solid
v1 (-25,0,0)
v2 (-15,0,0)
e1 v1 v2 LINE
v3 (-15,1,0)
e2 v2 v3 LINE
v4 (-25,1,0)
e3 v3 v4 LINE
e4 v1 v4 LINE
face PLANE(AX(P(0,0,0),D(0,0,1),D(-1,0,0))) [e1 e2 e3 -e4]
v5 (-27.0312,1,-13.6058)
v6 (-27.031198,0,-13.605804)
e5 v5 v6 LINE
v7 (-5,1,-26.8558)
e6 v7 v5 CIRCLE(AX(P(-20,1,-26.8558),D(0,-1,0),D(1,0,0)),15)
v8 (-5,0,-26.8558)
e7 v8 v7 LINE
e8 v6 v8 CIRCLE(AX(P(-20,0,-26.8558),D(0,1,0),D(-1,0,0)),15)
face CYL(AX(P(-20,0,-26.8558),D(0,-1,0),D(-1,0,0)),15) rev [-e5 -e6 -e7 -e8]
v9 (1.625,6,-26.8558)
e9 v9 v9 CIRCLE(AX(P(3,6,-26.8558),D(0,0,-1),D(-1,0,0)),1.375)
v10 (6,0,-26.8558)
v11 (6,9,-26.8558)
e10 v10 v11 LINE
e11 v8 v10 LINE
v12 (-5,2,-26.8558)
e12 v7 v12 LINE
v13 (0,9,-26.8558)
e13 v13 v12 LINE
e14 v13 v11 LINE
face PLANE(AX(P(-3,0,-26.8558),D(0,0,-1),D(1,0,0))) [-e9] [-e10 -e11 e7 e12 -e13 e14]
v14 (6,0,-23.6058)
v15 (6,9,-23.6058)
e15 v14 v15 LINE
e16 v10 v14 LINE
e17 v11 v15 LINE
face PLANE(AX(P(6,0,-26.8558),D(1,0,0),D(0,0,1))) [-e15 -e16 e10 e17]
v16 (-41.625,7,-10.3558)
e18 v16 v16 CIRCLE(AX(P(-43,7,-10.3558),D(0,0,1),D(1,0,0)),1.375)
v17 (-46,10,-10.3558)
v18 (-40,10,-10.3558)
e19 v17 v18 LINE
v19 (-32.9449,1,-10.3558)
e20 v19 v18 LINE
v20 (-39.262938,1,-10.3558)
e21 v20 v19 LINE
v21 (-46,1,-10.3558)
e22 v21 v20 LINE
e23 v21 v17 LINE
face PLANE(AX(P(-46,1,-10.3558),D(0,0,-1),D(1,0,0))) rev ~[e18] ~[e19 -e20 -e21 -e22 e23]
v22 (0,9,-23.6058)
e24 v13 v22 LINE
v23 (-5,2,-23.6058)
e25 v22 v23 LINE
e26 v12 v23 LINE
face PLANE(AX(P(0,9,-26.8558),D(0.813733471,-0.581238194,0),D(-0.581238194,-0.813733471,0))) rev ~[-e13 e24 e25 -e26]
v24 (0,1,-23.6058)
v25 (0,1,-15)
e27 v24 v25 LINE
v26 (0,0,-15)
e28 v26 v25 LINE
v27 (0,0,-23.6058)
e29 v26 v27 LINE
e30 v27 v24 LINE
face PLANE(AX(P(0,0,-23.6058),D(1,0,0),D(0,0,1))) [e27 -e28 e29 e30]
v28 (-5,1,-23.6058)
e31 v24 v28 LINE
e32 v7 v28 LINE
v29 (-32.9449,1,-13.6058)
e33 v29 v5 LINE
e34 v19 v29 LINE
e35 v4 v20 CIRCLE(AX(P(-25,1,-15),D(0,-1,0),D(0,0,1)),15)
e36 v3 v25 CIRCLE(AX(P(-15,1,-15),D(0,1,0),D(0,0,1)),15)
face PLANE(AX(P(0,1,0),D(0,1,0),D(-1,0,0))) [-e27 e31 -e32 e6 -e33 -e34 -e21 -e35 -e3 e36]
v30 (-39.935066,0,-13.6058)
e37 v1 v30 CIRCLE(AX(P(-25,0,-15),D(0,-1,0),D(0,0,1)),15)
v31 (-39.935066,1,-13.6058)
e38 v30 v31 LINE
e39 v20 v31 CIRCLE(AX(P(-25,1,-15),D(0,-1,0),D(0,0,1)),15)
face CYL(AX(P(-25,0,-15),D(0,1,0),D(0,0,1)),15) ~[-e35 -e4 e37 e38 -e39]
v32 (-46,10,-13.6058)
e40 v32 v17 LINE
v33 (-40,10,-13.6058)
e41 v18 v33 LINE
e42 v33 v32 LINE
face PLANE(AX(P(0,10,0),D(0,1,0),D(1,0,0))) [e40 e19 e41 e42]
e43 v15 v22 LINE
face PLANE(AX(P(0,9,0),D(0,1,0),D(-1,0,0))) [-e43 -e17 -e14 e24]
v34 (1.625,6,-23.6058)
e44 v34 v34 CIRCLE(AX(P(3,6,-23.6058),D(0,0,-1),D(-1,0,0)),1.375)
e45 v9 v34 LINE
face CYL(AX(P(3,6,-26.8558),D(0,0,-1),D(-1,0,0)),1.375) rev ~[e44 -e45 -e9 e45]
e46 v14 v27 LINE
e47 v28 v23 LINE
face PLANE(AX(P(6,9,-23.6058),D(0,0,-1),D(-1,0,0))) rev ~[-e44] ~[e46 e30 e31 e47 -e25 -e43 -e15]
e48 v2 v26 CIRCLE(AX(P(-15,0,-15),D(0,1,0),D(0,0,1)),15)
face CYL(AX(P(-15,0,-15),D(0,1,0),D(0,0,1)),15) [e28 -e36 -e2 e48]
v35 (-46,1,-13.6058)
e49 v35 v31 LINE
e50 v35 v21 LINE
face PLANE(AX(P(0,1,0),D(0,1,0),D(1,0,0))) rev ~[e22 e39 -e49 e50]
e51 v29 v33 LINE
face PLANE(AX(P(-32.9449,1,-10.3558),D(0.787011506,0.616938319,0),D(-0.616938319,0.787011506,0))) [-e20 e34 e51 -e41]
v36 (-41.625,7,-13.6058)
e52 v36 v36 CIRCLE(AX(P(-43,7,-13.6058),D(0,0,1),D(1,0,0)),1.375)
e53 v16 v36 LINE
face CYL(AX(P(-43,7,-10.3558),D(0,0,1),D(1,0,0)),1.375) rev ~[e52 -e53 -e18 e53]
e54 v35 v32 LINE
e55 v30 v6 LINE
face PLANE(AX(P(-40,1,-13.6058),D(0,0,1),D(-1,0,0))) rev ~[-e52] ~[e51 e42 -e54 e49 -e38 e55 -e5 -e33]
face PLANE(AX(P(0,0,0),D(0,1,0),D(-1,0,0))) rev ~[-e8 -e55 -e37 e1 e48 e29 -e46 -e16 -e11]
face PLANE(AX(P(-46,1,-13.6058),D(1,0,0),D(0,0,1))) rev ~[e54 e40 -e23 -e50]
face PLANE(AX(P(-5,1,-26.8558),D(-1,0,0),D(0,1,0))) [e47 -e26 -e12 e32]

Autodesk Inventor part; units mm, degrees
ref_plane "YZ Plane" through (0, 0, 0) normal (1, 0, 0) x (0, 1, 0)
ref_plane "XZ Plane" through (0, 0, 0) normal (0, 1, 0) x (-1, 0, 0)
ref_plane "XY Plane" through (0, 0, 0) normal (0, 0, 1) x (1, 0, 0)
sketch "スケッチ1" plane through (0, 0, 0) normal (0, 1, 0) x (-1, 0, 0)
  line L0 (0, 0) -> (40, 0)
  line L1 (40, 0) -> (40, -26.8558)
  line L2 (40, -26.8558) -> (0, -26.8558)
  line L3 (0, -26.8558) -> (0, 0)
  circle A0 centre (20, -26.8558) radius 15
  line L4 (20, -26.8558) -> (20, 0)
  line L5 (40, -23.6058) -> (40, -26.8558)
  line L6 (0, -23.6058) -> (0, -26.8558)
  circle A1 centre (20, -26.8558) radius 17
  line L7 (40, -26.8558) -> (46, -26.8558)
  line L8 (46, -26.8558) -> (46, -23.6058)
  line L9 (46, -23.6058) -> (40, -23.6058)
  line L10 (40, -23.6058) -> (40, -26.8558)
  line L11 (0, -23.6058) -> (0, -26.8558)
  line L12 (0, -26.8558) -> (-6, -26.8558)
  line L13 (-6, -26.8558) -> (-6, -23.6058)
  line L14 (-6, -23.6058) -> (0, -23.6058)
  line L15 (0, -23.6058) -> (0, -26.8558)
  point P0 (35, -26.8558)
  point P1 (5, -26.8558)
  dimension "d0" = 40
  dimension "d1" = 30
  dimension "d16" = 34
  dimension "d18" = 6
  dimension "d19" = 3.25
extrude "押し出し1" add sketch "スケッチ1" along normal blind 1 contours L0 L4 A1 L2 L3 | L0 L1 L2 A1 L4 | A1 L2 A0 L4 | L4 A0 L2 A1 | L4 L2 A0 | A0 L2 L4
fillet "フィレット1" radius 15 2 edges at (-40, 0.5, 0) (0, 0.5, 0)
extrude "押し出し4" add sketch "スケッチ1" along normal blind 9 contours L3 L12 L13 L14 | L9 L8 L7 L1
sketch "スケッチ7" plane through (6, 0, -26.8558) normal (0, 0, -1) x (-1, 0, 0)
  circle A0 centre (3, 6) radius 1.375
  line L0 (6, 1) -> (6, 9) projected
  line L1 (0, 9) -> (6, 9) projected
  circle A1 centre (49.4019, 6) radius 1.375
  line L2 (46, 9) -> (52, 9) projected
  line L3 (52, 0) -> (52, 9) projected
  point P0 (6, 0)
  point P1 (3, 9)
  point P2 (52, 4.5)
  dimension "d22" = 2.75
  dimension "d23" = 3
  dimension "d24" = 3
  dimension "d25" = 2.75
  dimension "d26" = 3
  dimension "d27" = 3
extrude "押し出し5" cut sketch "スケッチ7" against normal blind 6
extrude "押し出し6" cut sketch "スケッチ1" along normal blind 1 contours L4 L2 A0 | A0 L2 L4
sketch "スケッチ9" plane through (6, 9, -26.8558) normal (0, 0, -1) x (-1, 0, 0)
  line L0 (6, -8) -> (6, 0) projected
  line L1 (6, -8) -> (11, -8)
  line L2 (11, -8) -> (11, -7)
  line L3 (11, -7) -> (6, -7)
  line L4 (6, -7) -> (6, -8)
  line L5 (6, 0) -> (11, -7)
  line L6 (41, -8) -> (41, -9) projected
  line L7 (52, 0) -> (46, 0) projected
  line L8 (46, -8) -> (46, 0) projected
  line L9 (46, -8) -> (41, -8)
  line L10 (41, -8) -> (41, -7)
  line L11 (41, -7) -> (46, -7)
  line L12 (46, -7) -> (46, -8)
  line L13 (46, 0) -> (41, -7)
  point P0 (6, -9)
  dimension "d32" = 5
  dimension "d33" = 1
  dimension "d38" = 5
extrude "押し出し7" add sketch "スケッチ9" against normal blind 3.25
sketch "スケッチ10" plane through (0, 1, 0) normal (0, 1, 0) x (1, 0, 0)
  line L0 (-35, 23.6058) -> (-40, 23.6058) projected
  line L1 (-40, 23.6058) -> (-35, 23.6058)
  line L2 (-35, 23.6058) -> (-35, 13.6058)
  line L3 (-35, 13.6058) -> (-40, 13.6058)
  line L4 (-40, 13.6058) -> (-40, 23.6058)
  line L5 (-40, 13.6058) -> (-27, 13.6058)
  line L6 (-27, 13.6058) -> (-27, 10.3558)
  line L7 (-27, 10.3558) -> (-40, 10.3558)
  line L8 (-40, 10.3558) -> (-40, 13.6058)
  line L9 (-24.5918, 17.2551) -> (-23.5955, 17.2551)
  line L10 (-23.5955, 17.2551) -> (-23.5955, 14.4656)
  line L11 (-23.5955, 14.4656) -> (-24.5918, 14.4656)
  line L12 (-24.5918, 14.4656) -> (-24.5918, 17.2551)
  arc A0 (-40, 15) -> (-25, 0) centre (-25, 15) ccw projected
  arc A1 (-40, 15) -> (-39.2629, 10.3558) centre (-25, 15) ccw
  line L13 (-40, 13.6058) -> (-46, 13.6058)
  line L14 (-46, 13.6058) -> (-46, 10.3558)
  line L15 (-46, 10.3558) -> (-40, 10.3558)
  line L16 (-40, 10.3558) -> (-40, 13.6058)
  point P0 (0, 0)
  dimension "d39" = 5
  dimension "d40" = 10
  dimension "d41" = 13
  dimension "d42" = 3.25
  dimension "d43" = 6
sketch "スケッチ11" plane through (-46, 0, -23.6058) normal (0, 0, 1) x (1, 0, 0)
  line L0 (0, 9) -> (6, 9) projected
  line L1 (6, 1) -> (6, 0) projected
  line L2 (6, 9) -> (6, 1)
  point P0 (46, 0)
extrude "押し出し8" add sketch "スケッチ10" along normal blind 9 contours L8 L15 L14 L13
sketch "スケッチ12" plane through (-46, 1, -10.3558) normal (0, 0, 1) x (1, 0, 0)
  line L0 (0, 0) -> (6, 0) projected
  line L1 (6, 0) -> (13.0551, 0)
  line L2 (0, 9) -> (6, 9) projected
  line L3 (13.0551, 0) -> (6, 9)
  line L4 (6, 0) -> (6, 9) projected
  line L5 (6, 0) -> (6, 9)
  point P0 (46, -1)
extrude "押し出し9" add sketch "スケッチ12" against normal blind 3.25
sketch "スケッチ13" plane through (-46, 1, -10.3558) normal (0, 0, 1) x (1, 0, 0)
  circle A0 centre (3, 6) radius 1.375
  line L0 (0, 9) -> (6, 9) projected
  line L1 (0, 0) -> (0, 9) projected
  point P0 (46, -1)
  dimension "d48" = 2.75
  dimension "d49" = 3
  dimension "d50" = 3
extrude "押し出し10" cut sketch "スケッチ13" against normal blind 3.25
sketch "スケッチ14" plane through (-46, 0, -23.6058) normal (0, 0, 1) x (1, 0, 0)
  line L0 (11, 1) -> (11, 2) projected
  line L1 (0, 9) -> (6, 9) projected
  line L2 (11, 1) -> (0, 1)
  line L3 (0, 1) -> (0, 9)
  line L4 (0, 9) -> (11, 9)
  line L5 (11, 9) -> (11, 1)
  line L6 (0, 1) -> (6, 1)
  line L7 (6, 1) -> (6, 0)
  line L8 (6, 0) -> (0, 0)
  line L9 (0, 0) -> (0, 1)
  point P0 (46, 0)
extrude "押し出し11" cut sketch "スケッチ14" against normal blind 9
sketch "スケッチ15" plane through (0, 1, 0) normal (0, 1, 0) x (1, 0, 0)
  arc A0 (-40, 15) -> (-39.9351, 13.6058) centre (-25, 15) ccw projected
  line L0 (-39.9351, 13.6058) -> (-27.0312, 13.6058)
  arc A1 (-35, 26.8558) -> (-5, 26.8558) centre (-20, 26.8558) ccw projected
  line L1 (-39.9351, 13.6058) -> (-32.9449, 13.6058) projected
  line L2 (-40, 26.8558) -> (-40, 15) projected
  line L3 (-39.9351, 13.6058) -> (-40, 26.8558)
  line L4 (-40, 26.8558) -> (-35, 26.8558) projected
  line L5 (-40, 26.8558) -> (-35, 26.8558)
  line L6 (-35, 26.8558) -> (-27.0312, 13.6058)
  arc A2 (-39.9351, 13.6058) -> (-39.2629, 10.3558) centre (-25, 15) ccw projected
  arc A3 (-40, 26.8558) -> (-39.9351, 13.6058) centre (466.0679, 22.7107) ccw
  point P0 (0, 0)
  point P1 (-40, 18.5657)
extrude "押し出し12" cut sketch "スケッチ15" against normal blind 9 contours L3 L4 A1 L0 | A3 L2 L3
sketch "スケッチ16" plane through (0, 1, 0) normal (0, 1, 0) x (1, 0, 0)
  arc A0 (-40, 15) -> (-39.9351, 13.6058) centre (-25, 15) ccw projected
  line L0 (-40, 18.5657) -> (-40, 15) projected
  line L1 (-39.9351, 13.6058) -> (-40, 18.5657)
  arc A1 (-40, 18.5657) -> (-39.9351, 13.6058) centre (0.7021, 16.6182) ccw
  point P0 (0, 0)
extrude "押し出し13" cut sketch "スケッチ16" against normal blind 9 contours L0 L1 A1 A0 | A0 A1 L0
sketch "スケッチ17" plane through (0, 1, 0) normal (0, 1, 0) x (1, 0, 0)
  arc A0 (-39.992, 14.51) -> (-39.9351, 13.6058) centre (-25, 15) ccw projected
  line L0 (-39.9351, 13.6058) -> (-27.0312, 13.6058) projected
  line L1 (-39.992, 14.51) -> (-39.9351, 14.51)
  line L2 (-39.9351, 14.51) -> (-39.9351, 13.6058)
  line L3 (-39.9351, 13.6058) -> (-39.992, 13.6058)
  line L4 (-39.992, 13.6058) -> (-39.992, 14.51)
  point P0 (0, 0)
extrude "押し出し14" cut sketch "スケッチ17" against normal blind 9
properties part number "PartsForRaspibase"
